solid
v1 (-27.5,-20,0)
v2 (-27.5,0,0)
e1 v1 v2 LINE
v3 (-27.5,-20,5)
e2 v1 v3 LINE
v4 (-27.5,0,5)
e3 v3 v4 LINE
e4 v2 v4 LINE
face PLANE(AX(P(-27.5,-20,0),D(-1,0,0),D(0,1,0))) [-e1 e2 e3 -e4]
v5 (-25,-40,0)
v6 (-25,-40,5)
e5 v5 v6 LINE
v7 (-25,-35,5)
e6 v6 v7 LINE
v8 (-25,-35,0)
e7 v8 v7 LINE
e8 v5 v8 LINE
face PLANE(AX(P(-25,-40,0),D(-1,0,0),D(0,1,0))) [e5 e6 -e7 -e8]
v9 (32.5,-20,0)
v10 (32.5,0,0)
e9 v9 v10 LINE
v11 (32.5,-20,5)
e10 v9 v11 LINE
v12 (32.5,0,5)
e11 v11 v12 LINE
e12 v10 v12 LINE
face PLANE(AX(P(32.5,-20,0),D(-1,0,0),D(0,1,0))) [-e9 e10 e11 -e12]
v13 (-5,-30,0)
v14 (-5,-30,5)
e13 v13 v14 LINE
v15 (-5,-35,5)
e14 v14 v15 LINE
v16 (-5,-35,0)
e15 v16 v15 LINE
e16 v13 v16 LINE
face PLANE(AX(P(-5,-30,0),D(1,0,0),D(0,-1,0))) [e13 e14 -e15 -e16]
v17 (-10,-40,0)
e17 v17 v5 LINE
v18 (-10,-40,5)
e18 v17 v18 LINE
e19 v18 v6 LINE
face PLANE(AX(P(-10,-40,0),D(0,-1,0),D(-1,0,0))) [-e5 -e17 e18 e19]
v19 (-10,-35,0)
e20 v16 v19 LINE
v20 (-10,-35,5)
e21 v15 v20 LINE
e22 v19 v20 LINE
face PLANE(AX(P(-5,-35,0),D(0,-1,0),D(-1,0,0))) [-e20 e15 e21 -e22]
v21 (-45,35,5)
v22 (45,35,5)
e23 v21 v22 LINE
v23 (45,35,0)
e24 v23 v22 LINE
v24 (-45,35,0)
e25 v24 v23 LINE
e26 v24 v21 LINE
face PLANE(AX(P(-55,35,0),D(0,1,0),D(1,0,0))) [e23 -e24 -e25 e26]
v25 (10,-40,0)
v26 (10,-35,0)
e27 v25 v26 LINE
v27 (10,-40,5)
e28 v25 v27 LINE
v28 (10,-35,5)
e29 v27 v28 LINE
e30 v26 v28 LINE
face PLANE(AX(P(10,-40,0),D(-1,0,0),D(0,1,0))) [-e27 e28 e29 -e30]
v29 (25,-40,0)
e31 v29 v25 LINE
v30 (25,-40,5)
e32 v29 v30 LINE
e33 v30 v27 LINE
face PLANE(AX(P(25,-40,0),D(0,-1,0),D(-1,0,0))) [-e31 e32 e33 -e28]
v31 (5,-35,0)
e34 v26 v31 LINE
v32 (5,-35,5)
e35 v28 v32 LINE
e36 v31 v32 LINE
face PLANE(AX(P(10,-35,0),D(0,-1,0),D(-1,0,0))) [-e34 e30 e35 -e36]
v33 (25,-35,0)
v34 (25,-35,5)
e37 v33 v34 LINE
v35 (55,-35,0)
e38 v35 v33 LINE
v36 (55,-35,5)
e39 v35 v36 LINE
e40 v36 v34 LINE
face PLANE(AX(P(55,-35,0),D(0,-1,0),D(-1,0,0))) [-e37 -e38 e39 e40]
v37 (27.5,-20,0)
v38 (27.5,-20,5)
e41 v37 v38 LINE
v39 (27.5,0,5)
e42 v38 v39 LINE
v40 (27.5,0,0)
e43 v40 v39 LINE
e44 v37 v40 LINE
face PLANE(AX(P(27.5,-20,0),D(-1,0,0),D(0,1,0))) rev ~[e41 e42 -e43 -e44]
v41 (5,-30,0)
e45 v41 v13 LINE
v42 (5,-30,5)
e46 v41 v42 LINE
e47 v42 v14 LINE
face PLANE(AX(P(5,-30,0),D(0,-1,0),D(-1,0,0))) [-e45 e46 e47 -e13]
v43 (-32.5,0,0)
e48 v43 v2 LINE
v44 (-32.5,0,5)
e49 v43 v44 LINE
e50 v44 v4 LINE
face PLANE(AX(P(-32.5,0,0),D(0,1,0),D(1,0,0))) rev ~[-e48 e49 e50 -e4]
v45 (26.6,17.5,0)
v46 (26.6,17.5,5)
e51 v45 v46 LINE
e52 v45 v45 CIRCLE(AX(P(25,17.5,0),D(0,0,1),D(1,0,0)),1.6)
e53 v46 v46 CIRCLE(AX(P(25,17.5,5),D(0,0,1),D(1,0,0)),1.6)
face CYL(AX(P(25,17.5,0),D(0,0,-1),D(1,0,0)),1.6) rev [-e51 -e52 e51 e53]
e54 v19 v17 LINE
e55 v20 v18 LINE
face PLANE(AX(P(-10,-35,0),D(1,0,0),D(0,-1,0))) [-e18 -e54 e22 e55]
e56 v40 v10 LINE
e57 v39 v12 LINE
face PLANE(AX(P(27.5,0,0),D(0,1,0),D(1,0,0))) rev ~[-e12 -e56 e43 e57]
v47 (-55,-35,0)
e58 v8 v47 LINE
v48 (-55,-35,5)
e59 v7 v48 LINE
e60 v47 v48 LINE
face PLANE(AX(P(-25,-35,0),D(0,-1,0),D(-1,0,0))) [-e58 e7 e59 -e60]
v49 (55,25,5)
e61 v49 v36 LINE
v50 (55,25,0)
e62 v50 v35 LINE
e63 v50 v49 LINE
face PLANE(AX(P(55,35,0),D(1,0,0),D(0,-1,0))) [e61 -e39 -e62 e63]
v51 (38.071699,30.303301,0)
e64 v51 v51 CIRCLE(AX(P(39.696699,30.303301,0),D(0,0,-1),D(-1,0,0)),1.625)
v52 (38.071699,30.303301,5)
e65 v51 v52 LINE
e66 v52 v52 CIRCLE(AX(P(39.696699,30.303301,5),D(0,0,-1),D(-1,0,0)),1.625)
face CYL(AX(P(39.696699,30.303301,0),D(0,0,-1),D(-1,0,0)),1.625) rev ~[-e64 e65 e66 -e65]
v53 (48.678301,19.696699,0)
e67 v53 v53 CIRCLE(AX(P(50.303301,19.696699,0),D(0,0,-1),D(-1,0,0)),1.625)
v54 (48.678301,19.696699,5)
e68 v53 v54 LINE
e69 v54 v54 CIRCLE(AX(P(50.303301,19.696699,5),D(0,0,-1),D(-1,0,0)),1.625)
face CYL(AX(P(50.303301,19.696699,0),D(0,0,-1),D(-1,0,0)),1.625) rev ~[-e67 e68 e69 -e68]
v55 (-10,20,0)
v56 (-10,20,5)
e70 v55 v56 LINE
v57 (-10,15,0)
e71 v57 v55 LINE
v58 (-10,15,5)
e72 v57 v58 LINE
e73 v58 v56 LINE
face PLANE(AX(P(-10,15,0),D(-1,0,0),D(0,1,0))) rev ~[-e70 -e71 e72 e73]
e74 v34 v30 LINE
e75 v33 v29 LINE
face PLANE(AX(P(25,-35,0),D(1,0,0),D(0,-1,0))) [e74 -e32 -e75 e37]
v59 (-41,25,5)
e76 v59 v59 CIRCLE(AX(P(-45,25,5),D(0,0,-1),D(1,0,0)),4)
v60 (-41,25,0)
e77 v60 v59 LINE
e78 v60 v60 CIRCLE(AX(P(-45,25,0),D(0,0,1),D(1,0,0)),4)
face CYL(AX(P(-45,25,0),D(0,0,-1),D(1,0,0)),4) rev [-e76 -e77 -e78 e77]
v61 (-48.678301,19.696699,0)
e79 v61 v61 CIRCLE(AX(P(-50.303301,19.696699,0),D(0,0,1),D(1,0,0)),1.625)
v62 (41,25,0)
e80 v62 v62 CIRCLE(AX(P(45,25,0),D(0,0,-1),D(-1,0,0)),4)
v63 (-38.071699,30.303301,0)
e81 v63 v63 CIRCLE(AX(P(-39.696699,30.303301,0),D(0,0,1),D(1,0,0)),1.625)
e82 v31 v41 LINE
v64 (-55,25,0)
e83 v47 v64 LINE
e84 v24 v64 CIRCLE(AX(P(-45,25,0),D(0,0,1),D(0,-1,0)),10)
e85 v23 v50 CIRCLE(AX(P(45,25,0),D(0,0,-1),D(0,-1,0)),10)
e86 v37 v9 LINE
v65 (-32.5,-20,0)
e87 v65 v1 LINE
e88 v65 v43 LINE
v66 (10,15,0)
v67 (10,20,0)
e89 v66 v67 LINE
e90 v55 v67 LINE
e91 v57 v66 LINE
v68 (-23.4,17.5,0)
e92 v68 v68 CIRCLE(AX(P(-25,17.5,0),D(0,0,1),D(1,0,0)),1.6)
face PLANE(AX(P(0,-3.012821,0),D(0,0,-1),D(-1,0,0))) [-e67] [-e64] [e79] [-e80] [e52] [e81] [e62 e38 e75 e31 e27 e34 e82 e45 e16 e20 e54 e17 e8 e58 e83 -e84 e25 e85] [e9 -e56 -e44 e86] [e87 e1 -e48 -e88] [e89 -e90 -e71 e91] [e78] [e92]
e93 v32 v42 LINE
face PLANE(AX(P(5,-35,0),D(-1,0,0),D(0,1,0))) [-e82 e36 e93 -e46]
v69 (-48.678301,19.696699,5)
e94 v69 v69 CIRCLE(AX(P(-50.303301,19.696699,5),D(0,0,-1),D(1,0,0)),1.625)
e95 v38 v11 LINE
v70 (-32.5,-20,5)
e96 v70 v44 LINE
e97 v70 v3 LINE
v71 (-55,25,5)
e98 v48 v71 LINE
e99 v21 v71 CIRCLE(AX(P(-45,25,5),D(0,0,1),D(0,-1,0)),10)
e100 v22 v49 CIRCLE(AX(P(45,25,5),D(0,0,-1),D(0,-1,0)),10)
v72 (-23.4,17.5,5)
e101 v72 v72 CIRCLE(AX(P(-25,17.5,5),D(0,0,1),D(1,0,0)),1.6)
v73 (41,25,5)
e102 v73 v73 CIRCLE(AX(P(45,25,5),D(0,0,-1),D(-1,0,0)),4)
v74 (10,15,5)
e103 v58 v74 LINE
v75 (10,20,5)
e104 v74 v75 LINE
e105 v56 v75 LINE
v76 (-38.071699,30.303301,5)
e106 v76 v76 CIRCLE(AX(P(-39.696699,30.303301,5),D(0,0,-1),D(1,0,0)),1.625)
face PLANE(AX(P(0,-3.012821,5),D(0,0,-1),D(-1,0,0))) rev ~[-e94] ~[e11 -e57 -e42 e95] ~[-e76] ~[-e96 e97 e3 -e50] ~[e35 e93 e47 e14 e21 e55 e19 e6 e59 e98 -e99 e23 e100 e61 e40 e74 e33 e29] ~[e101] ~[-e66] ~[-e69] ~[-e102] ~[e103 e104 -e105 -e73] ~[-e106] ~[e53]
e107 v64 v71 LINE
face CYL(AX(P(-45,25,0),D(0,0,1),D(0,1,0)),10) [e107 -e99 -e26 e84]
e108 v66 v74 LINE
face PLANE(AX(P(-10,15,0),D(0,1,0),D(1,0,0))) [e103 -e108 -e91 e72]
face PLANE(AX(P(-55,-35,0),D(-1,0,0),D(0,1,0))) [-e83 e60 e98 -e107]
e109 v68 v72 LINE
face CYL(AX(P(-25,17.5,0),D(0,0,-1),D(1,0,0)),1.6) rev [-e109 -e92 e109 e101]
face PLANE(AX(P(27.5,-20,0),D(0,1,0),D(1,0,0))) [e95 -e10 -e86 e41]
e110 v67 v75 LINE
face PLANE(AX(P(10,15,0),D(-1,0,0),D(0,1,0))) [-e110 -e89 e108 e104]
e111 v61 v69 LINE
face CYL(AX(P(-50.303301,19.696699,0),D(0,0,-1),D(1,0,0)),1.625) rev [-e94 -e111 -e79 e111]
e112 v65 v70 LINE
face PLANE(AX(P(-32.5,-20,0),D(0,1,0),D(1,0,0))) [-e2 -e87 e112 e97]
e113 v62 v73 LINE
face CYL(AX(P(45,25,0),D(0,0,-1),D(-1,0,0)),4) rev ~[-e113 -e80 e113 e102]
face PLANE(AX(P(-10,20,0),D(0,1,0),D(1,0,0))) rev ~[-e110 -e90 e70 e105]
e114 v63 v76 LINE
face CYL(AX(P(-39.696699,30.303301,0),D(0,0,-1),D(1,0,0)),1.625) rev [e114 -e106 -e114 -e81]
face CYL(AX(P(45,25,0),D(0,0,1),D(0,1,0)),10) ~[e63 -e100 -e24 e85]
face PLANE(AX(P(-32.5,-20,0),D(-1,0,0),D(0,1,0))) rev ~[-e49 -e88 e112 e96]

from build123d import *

# Parameters (mm, degrees)
ESQUISSE1_R             = 1.6
ESQUISSE1_W             = 5
ESQUISSE1_H             = 20
ESQUISSE1_W_2           = 20
ESQUISSE1_H_2           = 5
BOSS_EXTRU_1_DEPTH      = 5
CONG_1_R                = 10
ESQUISSE2_R             = 4
ESQUISSE2_R_2           = 1.625
ENL_V_MAT_EXTRU_1_DEPTH = 10


with BuildPart() as part:
    # Esquisse1 → Boss.-Extru.1 (new body)
    with BuildSketch(Plane.XY):
        Polygon((-55, 35), (55, 35), (55, -35), (25, -35), (25, -40), (10, -40), (10, -35), (5, -35), (5, -30), (-5, -30), (-5, -35), (-10, -35), (-10, -40), (-25, -40), (-25, -35), (-55, -35), align=None)
        with Locations((-25, 17.5)):
            Circle(ESQUISSE1_R, mode=Mode.SUBTRACT)
        with Locations((25, 17.5)):
            Circle(ESQUISSE1_R, mode=Mode.SUBTRACT)
        with Locations((-30, -10)):
            Rectangle(ESQUISSE1_W, ESQUISSE1_H, mode=Mode.SUBTRACT)
        with Locations((30, -10)):
            Rectangle(ESQUISSE1_W, ESQUISSE1_H, mode=Mode.SUBTRACT)
        with Locations((0, 17.5)):
            Rectangle(ESQUISSE1_W_2, ESQUISSE1_H_2, mode=Mode.SUBTRACT)
    extrude(amount=BOSS_EXTRU_1_DEPTH)

    # Congé1
    cong_1_edges = [part.edges().sort_by_distance(p)[0] for p in [
        (-55, 35, 2.5),
        (55, 35, 2.5),
    ]]
    fillet(cong_1_edges, radius=CONG_1_R)

    # Esquisse2 → Enlèv. mat.-Extru.1 (cut)
    with BuildSketch(Plane(origin=(0, 0, 0), x_dir=(-1, 0, 0), z_dir=(0, 0, -1))):
        with Locations((-45, 25)):
            Circle(ESQUISSE2_R)
        with Locations((-50.303300859, 19.696699141)):
            Circle(ESQUISSE2_R_2)
        with Locations((-39.696699141, 30.303300859)):
            Circle(ESQUISSE2_R_2)
    enl_v_mat_extru_1 = extrude(amount=-ENL_V_MAT_EXTRU_1_DEPTH, mode=Mode.SUBTRACT)

    # Symétrie1: Enlèv. mat.-Extru.1 across plane
    add(enl_v_mat_extru_1.mirror(Plane(origin=(0, 0, 0), x_dir=(0, 0, 1), z_dir=(1, 0, 0))), mode=Mode.SUBTRACT)


solid = part.part
